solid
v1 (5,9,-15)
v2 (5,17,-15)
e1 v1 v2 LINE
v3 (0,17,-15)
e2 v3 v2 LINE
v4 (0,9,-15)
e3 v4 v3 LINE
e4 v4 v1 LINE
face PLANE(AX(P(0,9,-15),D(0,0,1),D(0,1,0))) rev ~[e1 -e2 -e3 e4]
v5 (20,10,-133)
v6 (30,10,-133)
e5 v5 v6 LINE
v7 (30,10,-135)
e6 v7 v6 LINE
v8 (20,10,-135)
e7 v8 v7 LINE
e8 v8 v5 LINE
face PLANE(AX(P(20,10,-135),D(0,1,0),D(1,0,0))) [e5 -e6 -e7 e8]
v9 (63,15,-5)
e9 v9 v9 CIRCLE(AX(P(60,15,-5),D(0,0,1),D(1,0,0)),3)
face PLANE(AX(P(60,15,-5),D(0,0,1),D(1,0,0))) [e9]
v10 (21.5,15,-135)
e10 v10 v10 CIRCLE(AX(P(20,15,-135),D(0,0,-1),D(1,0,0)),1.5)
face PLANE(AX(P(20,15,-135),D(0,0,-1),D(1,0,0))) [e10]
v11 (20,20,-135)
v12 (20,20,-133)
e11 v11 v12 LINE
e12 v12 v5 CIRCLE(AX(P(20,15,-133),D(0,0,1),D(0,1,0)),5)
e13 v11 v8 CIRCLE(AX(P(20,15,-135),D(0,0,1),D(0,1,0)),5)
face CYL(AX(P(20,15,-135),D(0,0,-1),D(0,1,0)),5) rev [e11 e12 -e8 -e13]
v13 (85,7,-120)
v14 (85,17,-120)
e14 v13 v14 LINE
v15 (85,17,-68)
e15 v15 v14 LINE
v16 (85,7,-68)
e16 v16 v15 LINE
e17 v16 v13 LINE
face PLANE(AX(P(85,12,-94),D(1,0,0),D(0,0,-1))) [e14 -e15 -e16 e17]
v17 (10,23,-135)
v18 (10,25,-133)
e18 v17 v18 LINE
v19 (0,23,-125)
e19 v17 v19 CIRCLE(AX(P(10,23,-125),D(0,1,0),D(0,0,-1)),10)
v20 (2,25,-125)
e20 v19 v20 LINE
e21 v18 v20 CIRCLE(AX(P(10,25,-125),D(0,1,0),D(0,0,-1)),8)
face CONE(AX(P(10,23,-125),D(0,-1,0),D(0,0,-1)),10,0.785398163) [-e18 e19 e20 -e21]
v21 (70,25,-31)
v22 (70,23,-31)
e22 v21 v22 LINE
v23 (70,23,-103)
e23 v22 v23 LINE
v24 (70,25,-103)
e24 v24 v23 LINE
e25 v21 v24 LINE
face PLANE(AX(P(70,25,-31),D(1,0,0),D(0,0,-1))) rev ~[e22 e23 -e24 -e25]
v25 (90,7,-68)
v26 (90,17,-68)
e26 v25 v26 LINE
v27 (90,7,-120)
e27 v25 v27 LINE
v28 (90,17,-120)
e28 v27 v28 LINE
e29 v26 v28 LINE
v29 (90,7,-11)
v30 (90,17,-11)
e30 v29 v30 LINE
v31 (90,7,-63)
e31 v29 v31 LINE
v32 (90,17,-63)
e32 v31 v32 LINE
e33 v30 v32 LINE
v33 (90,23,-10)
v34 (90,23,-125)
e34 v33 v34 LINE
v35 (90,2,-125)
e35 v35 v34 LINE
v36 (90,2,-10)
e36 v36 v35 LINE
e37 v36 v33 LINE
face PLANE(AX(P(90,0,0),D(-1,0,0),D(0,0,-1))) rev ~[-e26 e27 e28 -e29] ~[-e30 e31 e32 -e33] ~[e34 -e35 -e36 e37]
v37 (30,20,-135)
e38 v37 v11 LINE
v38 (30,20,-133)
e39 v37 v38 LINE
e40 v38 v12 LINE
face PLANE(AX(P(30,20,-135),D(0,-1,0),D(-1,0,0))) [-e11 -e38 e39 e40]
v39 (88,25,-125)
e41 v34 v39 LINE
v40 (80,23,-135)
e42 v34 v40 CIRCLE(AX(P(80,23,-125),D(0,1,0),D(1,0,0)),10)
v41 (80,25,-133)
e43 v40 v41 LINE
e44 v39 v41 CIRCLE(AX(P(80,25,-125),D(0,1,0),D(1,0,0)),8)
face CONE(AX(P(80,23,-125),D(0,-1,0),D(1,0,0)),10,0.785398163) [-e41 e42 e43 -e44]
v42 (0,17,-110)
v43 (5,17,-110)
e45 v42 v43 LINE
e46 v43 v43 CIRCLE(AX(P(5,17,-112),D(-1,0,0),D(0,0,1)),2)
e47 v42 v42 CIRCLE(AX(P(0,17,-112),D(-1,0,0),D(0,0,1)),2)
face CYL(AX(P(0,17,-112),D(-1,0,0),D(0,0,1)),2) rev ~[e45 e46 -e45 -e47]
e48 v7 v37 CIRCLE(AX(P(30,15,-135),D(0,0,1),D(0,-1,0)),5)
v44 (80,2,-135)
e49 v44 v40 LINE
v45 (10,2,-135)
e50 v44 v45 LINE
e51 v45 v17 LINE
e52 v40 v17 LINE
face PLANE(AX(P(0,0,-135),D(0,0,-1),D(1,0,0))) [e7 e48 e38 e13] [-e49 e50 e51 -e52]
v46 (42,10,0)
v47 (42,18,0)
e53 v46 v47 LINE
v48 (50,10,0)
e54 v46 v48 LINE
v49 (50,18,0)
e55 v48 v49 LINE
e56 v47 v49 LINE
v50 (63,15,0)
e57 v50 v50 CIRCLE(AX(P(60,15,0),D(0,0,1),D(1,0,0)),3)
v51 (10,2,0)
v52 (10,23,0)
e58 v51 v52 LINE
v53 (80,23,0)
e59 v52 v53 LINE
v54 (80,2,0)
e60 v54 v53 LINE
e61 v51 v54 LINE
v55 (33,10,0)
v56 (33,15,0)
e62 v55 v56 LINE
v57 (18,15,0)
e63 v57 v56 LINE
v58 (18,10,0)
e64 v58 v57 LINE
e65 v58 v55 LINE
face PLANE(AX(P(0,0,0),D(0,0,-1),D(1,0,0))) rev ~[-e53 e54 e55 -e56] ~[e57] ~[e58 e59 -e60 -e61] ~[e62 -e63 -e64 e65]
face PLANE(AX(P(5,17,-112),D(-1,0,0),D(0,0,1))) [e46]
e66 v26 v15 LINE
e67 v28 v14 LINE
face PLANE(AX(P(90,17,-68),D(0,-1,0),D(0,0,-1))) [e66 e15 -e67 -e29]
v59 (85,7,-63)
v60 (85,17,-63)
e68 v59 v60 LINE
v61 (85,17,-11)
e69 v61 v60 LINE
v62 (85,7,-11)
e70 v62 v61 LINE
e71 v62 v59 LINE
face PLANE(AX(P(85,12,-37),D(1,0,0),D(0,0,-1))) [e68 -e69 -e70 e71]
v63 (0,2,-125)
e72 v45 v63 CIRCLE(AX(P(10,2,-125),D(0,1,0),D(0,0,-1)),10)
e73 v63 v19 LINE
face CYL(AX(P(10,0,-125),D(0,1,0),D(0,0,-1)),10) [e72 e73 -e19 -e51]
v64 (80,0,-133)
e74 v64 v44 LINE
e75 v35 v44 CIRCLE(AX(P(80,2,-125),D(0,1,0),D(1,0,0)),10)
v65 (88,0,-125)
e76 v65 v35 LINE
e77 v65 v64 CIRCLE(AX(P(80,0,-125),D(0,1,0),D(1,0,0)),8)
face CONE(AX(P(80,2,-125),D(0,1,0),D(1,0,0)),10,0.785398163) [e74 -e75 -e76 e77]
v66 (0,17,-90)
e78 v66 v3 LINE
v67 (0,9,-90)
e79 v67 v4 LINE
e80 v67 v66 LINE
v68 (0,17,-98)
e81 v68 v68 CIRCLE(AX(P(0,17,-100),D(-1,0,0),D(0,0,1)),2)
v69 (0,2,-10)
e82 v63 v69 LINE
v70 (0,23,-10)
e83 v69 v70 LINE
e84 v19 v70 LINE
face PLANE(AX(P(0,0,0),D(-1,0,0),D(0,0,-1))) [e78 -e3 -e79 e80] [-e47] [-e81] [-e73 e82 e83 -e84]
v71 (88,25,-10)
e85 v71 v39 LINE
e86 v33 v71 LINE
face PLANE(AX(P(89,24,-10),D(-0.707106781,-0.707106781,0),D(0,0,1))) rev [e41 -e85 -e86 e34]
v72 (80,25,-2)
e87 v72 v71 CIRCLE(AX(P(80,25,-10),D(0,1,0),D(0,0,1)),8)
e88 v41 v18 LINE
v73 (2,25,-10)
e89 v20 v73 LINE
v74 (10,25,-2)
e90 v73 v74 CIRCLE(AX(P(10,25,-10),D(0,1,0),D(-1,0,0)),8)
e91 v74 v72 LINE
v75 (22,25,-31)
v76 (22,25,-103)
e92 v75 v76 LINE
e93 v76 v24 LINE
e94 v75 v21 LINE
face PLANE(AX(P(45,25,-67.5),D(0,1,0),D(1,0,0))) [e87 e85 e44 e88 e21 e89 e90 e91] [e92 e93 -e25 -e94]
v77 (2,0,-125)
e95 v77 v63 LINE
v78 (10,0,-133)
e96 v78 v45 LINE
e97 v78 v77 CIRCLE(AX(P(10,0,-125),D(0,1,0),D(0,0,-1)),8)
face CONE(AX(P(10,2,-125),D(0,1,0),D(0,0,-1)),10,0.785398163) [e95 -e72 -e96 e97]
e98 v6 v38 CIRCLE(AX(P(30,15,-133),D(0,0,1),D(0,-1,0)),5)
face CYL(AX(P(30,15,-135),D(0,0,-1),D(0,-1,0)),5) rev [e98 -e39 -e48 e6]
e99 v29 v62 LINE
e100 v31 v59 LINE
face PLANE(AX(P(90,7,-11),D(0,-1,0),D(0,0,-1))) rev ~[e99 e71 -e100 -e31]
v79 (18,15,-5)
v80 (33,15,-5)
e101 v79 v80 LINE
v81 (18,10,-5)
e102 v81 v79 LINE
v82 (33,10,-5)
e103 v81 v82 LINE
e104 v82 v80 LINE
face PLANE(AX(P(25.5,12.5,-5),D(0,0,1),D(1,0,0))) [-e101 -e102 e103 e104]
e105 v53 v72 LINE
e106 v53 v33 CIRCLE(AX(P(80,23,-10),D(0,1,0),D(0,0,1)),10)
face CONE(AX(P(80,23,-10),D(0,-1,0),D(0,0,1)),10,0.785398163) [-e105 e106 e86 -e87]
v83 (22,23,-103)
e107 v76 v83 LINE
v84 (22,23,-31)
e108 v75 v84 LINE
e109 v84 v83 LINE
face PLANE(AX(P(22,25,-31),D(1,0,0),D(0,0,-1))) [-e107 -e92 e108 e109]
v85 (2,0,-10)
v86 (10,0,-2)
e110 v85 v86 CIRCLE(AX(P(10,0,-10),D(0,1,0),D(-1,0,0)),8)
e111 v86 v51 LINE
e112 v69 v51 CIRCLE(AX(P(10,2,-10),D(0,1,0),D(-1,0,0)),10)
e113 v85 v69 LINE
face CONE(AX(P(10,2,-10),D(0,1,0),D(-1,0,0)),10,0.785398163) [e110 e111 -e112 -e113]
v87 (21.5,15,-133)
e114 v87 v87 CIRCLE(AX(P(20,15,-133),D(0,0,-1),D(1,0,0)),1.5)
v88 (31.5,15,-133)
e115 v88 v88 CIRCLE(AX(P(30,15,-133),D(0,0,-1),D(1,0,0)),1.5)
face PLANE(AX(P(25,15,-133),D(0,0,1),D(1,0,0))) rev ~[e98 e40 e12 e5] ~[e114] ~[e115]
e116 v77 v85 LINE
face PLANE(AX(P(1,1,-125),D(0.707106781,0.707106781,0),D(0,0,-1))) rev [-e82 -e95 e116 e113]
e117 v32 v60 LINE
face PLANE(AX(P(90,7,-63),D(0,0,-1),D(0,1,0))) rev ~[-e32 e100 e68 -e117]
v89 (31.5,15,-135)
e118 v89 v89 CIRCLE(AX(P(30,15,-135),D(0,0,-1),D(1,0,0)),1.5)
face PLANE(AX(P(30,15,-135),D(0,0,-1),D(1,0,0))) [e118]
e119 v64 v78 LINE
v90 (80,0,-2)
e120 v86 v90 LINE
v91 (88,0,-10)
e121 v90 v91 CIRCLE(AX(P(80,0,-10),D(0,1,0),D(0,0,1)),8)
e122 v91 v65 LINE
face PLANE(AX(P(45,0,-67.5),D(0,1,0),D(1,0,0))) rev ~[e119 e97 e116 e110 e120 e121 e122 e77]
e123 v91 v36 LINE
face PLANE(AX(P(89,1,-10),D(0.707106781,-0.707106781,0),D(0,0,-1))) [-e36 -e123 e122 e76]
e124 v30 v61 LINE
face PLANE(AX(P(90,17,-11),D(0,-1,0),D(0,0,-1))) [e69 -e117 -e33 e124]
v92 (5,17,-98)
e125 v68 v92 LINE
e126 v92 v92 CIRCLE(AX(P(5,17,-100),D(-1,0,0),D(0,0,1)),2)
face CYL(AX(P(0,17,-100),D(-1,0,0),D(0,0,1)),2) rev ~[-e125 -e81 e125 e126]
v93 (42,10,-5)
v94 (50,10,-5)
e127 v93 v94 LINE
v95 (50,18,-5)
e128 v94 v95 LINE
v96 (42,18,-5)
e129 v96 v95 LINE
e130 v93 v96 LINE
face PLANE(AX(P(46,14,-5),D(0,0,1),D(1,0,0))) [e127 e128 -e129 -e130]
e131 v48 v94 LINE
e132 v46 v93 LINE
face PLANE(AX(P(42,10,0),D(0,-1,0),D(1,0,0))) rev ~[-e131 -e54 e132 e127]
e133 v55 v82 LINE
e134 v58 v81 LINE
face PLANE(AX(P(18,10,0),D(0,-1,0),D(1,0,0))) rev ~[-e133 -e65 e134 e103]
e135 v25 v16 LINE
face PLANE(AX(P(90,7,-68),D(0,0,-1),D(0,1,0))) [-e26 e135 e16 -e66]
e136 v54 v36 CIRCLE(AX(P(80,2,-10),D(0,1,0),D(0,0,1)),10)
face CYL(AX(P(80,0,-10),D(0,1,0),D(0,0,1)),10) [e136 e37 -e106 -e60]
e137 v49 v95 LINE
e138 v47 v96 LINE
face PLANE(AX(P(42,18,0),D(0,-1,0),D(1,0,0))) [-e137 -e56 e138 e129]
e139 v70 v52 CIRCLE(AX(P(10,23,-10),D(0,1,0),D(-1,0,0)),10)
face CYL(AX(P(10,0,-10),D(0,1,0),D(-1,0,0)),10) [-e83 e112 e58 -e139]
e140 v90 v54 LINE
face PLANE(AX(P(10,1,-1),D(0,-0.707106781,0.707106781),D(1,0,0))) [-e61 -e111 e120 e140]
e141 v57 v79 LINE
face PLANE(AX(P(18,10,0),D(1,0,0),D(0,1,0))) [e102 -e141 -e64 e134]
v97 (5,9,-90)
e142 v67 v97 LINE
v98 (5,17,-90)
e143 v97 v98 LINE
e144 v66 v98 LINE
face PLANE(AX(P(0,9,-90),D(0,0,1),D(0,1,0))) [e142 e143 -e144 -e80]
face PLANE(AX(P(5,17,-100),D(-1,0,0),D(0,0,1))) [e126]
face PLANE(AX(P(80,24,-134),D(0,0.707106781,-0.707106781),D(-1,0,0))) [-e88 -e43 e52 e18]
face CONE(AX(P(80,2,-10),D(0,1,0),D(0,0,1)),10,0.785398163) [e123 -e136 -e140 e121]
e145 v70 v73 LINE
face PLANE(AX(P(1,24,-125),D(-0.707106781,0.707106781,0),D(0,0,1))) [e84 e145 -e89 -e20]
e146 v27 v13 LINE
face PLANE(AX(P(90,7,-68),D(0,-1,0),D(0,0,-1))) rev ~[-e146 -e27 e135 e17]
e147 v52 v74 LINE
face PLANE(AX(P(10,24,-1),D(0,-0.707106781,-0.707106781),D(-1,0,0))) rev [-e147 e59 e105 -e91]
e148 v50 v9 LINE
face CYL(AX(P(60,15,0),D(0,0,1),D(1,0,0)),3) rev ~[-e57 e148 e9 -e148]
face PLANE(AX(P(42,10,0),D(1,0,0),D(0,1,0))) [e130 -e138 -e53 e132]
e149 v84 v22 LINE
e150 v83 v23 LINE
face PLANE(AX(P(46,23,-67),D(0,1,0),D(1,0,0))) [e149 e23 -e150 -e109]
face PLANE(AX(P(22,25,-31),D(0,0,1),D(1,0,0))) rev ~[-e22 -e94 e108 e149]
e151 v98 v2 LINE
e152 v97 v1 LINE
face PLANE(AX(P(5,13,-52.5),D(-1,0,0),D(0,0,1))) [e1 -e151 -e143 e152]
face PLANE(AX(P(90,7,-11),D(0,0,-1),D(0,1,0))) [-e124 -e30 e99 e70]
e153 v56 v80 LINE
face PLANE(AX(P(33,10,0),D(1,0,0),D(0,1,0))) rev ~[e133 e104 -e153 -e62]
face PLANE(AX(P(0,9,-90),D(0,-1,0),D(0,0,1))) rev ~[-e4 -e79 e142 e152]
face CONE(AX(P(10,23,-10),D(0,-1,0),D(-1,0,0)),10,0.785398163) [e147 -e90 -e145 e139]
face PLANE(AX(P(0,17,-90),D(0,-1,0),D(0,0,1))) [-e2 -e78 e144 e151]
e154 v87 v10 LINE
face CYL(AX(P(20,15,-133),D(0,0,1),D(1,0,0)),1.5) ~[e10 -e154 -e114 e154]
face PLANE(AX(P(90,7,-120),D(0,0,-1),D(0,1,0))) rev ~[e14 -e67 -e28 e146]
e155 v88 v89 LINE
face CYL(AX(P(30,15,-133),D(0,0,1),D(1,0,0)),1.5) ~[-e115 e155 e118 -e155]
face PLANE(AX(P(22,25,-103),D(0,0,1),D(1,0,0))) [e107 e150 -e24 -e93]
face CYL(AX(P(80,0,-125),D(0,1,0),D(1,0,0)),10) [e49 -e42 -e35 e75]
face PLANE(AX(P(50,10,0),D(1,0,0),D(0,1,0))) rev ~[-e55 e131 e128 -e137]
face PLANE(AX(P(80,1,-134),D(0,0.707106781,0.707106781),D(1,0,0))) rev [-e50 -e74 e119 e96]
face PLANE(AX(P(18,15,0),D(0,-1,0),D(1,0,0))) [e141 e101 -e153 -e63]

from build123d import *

# Parameters (mm, degrees)
ESQUISSE1_W             = 90
ESQUISSE1_H             = 135
BOSS_EXTRU_1_DEPTH      = 25
CONG_1_R                = 10
CONG_2_R                = 10
CONG_3_R                = 10
CONG_4_R                = 10
CHANFREIN1_SIZE         = 2
CHANFREIN2_SIZE         = 2
ESQUISSE2_R             = 3
ESQUISSE2_W             = 8
ESQUISSE2_H             = 8
ESQUISSE2_W_2           = 15
ESQUISSE2_H_2           = 5
ENL_V_MAT_EXTRU_1_DEPTH = 5
ESQUISSE3_R             = 2
ESQUISSE3_W             = 75
ESQUISSE3_H             = 8
ENL_V_MAT_EXTRU_2_DEPTH = 5
ESQUISSE4_W             = 48
ESQUISSE4_H             = 72
ENL_V_MAT_EXTRU_3_DEPTH = 2
ENL_V_MAT_EXTRU_4_DEPTH = 2
ESQUISSE6_R             = 1.5
BOSS_EXTRU_2_DEPTH      = 2
ESQUISSE7_W             = 52
ESQUISSE7_H             = 10
ENL_V_MAT_EXTRU_5_DEPTH = 5


with BuildPart() as part:
    # Esquisse1 → Boss.-Extru.1 (new body)
    with BuildSketch(Plane(origin=(0, 0, 0), x_dir=(1, 0, 0), z_dir=(0, 1, 0))):
        with Locations((45, 67.5)):
            Rectangle(ESQUISSE1_W, ESQUISSE1_H)
    extrude(amount=BOSS_EXTRU_1_DEPTH)

    # Congé1
    cong_1_edges = [part.edges().sort_by_distance(p)[0] for p in [
        (90, 12.5, 0),
    ]]
    fillet(cong_1_edges, radius=CONG_1_R)

    # Congé2
    cong_2_edges = [part.edges().sort_by_distance(p)[0] for p in [
        (90, 12.5, -135),
    ]]
    fillet(cong_2_edges, radius=CONG_2_R)

    # Congé3
    cong_3_edges = [part.edges().sort_by_distance(p)[0] for p in [
        (0, 12.5, -135),
    ]]
    fillet(cong_3_edges, radius=CONG_3_R)

    # Congé4
    cong_4_edges = [part.edges().sort_by_distance(p)[0] for p in [
        (0, 12.5, 0),
    ]]
    fillet(cong_4_edges, radius=CONG_4_R)

    # Chanfrein1
    chanfrein1_edges = [part.edges().sort_by_distance(p)[0] for p in [
        (90, 25, -67.5),
        (87.071067812, 25, -2.928932188),
        (87.071067812, 25, -132.071067812),
        (45, 25, -135),
        (2.928932188, 25, -132.071067812),
        (45, 25, 0),
        (0, 25, -67.5),
        (2.928932188, 25, -2.928932188),
    ]]
    chamfer(chanfrein1_edges, length=CHANFREIN1_SIZE)

    # Chanfrein2
    chanfrein2_edges = [part.edges().sort_by_distance(p)[0] for p in [
        (90, 0, -67.5),
        (87.071067812, 0, -2.928932188),
        (87.071067812, 0, -132.071067812),
        (45, 0, -135),
        (2.928932188, 0, -132.071067812),
        (45, 0, 0),
        (0, 0, -67.5),
        (2.928932188, 0, -2.928932188),
    ]]
    chamfer(chanfrein2_edges, length=CHANFREIN2_SIZE)

    # Esquisse2 → Enlèv. mat.-Extru.1 (cut)
    with BuildSketch(Plane.XY):
        with Locations((60, 15)):
            Circle(ESQUISSE2_R)
        with Locations((46, 14)):
            Rectangle(ESQUISSE2_W, ESQUISSE2_H)
        with Locations((25.5, 12.5)):
            Rectangle(ESQUISSE2_W_2, ESQUISSE2_H_2)
    extrude(amount=-ENL_V_MAT_EXTRU_1_DEPTH, mode=Mode.SUBTRACT)

    # Esquisse3 → Enlèv. mat.-Extru.2 (cut)
    with BuildSketch(Plane.ZY):
        with Locations((-112, 17)):
            Circle(ESQUISSE3_R)
        with Locations((-100, 17)):
            Circle(ESQUISSE3_R)
        with Locations((-52.5, 13)):
            Rectangle(ESQUISSE3_W, ESQUISSE3_H)
    extrude(amount=-ENL_V_MAT_EXTRU_2_DEPTH, mode=Mode.SUBTRACT)

    # Esquisse4 → Enlèv. mat.-Extru.3 (cut)
    with BuildSketch(Plane(origin=(0, 25, 0), x_dir=(1, 0, 0), z_dir=(0, 1, 0))):
        with Locations((46, 67)):
            Rectangle(ESQUISSE4_W, ESQUISSE4_H)
    extrude(amount=-ENL_V_MAT_EXTRU_3_DEPTH, mode=Mode.SUBTRACT)

    # Esquisse5 → Enlèv. mat.-Extru.4 (cut)
    with BuildSketch(Plane(origin=(0, 0, -135), x_dir=(-1, 0, 0), z_dir=(0, 0, -1))):
        with BuildLine():
            Line((-30, 20), (-20, 20))
            ThreePointArc((-20, 20), (-15, 15), (-20, 10))
            Line((-20, 10), (-30, 10))
            ThreePointArc((-30, 10), (-35, 15), (-30, 20))
        make_face()
    extrude(amount=-ENL_V_MAT_EXTRU_4_DEPTH, mode=Mode.SUBTRACT)

    # Esquisse6 → Boss.-Extru.2 (add)
    with BuildSketch(Plane(origin=(0, 0, -133), x_dir=(-1, 0, 0), z_dir=(0, 0, -1))):
        with Locations(Location((-30, 15, 0), (0, 0, 180))):
            Circle(ESQUISSE6_R)
        with Locations(Location((-20, 15, 0), (0, 0, 180))):
            Circle(ESQUISSE6_R)
    extrude(amount=BOSS_EXTRU_2_DEPTH)

    # Esquisse7 → Enlèv. mat.-Extru.5 (cut)
    with BuildSketch(Plane(origin=(90, 0, 0), x_dir=(0, 0, -1), z_dir=(1, 0, 0))):
        with Locations((37, 12)):
            Rectangle(ESQUISSE7_W, ESQUISSE7_H)
        with Locations((94, 12)):
            Rectangle(ESQUISSE7_W, ESQUISSE7_H)
    extrude(amount=-ENL_V_MAT_EXTRU_5_DEPTH, mode=Mode.SUBTRACT)


solid = part.part
